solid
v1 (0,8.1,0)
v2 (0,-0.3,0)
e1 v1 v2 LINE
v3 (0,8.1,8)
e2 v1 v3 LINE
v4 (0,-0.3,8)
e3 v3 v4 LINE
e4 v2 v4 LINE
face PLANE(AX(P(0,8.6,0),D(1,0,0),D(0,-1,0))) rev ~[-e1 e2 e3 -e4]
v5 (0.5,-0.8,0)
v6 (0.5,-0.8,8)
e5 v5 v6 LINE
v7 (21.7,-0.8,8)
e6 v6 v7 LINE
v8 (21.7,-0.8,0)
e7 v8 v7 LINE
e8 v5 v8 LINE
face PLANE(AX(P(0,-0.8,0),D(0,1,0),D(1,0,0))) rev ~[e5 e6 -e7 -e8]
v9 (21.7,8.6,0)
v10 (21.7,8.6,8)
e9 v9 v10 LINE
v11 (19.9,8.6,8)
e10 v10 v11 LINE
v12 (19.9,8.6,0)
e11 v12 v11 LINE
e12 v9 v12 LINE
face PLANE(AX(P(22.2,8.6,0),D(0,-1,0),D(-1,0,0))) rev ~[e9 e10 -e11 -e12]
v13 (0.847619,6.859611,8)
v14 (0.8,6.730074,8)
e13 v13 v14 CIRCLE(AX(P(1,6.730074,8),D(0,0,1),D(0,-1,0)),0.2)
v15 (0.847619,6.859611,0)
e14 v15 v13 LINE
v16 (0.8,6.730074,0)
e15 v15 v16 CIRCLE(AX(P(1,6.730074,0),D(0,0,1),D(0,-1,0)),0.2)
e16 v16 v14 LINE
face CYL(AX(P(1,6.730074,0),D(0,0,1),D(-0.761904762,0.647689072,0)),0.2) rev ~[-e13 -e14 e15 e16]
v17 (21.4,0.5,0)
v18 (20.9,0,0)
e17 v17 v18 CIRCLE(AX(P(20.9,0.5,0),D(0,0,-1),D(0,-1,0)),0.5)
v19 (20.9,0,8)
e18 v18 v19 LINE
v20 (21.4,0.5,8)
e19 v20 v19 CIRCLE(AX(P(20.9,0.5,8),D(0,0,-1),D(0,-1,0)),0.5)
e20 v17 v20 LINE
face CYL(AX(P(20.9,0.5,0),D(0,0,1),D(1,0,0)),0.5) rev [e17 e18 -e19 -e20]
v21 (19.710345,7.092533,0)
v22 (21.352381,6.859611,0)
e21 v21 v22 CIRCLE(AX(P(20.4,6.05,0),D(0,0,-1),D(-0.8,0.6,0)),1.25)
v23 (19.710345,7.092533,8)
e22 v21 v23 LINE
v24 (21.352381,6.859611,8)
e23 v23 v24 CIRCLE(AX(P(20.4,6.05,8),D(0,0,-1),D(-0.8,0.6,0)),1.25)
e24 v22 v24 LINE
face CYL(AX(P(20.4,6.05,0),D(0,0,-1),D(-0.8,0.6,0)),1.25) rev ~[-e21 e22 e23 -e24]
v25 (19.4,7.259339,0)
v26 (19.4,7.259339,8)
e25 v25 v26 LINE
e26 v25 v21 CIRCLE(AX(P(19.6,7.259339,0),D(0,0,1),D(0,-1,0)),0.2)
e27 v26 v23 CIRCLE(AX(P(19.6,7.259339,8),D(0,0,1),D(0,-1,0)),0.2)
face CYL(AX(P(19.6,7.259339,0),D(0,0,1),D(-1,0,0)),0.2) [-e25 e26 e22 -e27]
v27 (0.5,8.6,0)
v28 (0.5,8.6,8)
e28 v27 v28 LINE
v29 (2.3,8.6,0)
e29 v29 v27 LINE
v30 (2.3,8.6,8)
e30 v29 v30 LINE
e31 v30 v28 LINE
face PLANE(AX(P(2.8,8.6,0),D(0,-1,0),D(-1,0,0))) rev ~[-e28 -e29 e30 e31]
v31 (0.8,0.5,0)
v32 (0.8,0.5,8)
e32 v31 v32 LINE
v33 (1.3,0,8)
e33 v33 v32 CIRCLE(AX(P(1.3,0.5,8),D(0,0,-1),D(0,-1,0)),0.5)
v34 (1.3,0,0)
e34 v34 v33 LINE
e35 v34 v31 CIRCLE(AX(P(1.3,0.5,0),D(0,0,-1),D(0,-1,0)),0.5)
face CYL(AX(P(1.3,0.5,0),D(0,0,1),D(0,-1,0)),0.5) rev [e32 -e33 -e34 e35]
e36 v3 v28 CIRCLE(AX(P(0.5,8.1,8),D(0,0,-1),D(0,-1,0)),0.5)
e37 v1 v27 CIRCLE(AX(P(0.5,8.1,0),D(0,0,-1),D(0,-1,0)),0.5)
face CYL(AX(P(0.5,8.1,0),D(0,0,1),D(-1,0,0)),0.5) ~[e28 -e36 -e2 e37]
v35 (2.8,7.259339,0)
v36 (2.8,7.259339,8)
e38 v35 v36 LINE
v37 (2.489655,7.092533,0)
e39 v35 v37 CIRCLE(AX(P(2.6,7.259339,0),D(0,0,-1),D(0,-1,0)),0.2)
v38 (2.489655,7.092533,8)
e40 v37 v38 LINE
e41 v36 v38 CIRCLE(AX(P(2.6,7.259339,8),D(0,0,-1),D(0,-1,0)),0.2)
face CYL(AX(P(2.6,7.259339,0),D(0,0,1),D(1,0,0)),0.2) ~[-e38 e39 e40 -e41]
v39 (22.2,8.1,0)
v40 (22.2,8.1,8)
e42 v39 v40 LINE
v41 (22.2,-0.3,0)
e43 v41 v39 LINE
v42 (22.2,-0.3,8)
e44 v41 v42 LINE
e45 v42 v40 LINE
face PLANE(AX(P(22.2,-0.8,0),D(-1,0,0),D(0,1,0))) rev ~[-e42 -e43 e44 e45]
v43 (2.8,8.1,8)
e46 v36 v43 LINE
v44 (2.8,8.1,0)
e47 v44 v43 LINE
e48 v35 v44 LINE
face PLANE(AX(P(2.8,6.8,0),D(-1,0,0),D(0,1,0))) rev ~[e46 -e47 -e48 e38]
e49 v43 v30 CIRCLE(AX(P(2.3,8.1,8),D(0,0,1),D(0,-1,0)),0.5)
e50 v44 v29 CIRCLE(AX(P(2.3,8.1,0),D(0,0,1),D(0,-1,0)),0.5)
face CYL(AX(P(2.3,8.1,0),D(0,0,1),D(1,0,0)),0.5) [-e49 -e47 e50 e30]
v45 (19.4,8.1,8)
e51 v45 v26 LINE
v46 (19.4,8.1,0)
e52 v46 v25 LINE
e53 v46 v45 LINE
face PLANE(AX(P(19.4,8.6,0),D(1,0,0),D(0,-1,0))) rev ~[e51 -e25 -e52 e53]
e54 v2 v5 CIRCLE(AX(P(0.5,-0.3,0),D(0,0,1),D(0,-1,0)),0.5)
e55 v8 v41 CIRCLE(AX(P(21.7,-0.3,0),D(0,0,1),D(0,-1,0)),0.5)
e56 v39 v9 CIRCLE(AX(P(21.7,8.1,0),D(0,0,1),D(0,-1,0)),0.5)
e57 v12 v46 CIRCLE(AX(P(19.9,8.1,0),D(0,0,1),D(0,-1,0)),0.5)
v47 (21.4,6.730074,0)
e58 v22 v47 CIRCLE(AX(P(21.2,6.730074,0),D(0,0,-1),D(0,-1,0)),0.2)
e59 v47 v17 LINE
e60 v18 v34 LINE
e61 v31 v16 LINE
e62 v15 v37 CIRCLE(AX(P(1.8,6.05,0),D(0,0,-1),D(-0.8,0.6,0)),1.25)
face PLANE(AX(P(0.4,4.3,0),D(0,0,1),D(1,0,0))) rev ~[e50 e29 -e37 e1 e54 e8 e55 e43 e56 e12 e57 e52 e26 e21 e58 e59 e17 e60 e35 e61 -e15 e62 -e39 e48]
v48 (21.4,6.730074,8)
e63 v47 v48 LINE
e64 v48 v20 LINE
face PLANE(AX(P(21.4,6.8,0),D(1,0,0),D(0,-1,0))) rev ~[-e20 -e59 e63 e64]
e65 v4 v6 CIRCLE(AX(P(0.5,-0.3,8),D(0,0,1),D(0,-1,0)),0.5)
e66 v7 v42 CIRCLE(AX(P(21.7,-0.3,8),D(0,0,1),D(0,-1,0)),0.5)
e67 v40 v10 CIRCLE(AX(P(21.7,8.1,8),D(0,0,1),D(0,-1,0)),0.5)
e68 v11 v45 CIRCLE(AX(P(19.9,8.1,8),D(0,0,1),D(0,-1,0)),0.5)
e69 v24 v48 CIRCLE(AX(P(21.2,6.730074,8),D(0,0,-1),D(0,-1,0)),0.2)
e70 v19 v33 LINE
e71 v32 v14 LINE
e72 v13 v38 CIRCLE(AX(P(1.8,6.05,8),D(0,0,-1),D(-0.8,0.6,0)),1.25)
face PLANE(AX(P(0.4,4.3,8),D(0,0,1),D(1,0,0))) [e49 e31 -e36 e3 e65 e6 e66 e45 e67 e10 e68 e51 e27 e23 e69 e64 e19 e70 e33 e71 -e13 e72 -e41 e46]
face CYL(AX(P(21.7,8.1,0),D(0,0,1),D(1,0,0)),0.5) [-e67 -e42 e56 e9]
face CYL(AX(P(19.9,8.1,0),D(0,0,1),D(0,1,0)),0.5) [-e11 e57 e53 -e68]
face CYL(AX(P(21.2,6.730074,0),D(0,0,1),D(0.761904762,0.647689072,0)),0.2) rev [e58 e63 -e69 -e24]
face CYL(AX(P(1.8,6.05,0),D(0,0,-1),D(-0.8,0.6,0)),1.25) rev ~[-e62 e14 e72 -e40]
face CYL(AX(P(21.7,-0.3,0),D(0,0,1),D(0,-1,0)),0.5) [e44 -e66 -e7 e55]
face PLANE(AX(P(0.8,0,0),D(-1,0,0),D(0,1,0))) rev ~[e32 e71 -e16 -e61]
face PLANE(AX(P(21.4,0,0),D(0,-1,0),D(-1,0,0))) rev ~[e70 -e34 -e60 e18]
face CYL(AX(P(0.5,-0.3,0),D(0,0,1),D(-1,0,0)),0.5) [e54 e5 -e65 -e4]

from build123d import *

# Parameters (mm, degrees)
F1_DEPTH = 8
F2_R     = 0.5
F3_R     = 0.2


with BuildPart() as f1:
    # F0 (on Top) → F1 (new body)
    with BuildSketch(Plane.XY):
        Polygon((0, 8.6), (0, 0), (0.8, 0), (0.8, 6.8), (0.8, 8.6), align=None)
        Polygon((0.8, 0), (0, 0), (0, -0.8), (22.2, -0.8), (22.2, 0), (21.4, 0), align=None)
        Polygon((21.4, 6.8), (21.4, 0), (22.2, 0), (22.2, 8.6), (21.4, 8.6), align=None)
        with BuildLine():
            ThreePointArc((19.4, 6.8), (20.4, 7.3), (21.4, 6.8))
            Line((21.4, 6.8), (21.4, 8.6))
            Line((21.4, 8.6), (19.4, 8.6))
            Line((19.4, 8.6), (19.4, 6.8))
        make_face()
        with BuildLine():
            Line((0.8, 8.6), (0.8, 6.8))
            ThreePointArc((0.8, 6.8), (1.8, 7.3), (2.8, 6.8))
            Line((2.8, 6.8), (2.8, 8.6))
            Line((2.8, 8.6), (0.8, 8.6))
        make_face()
    extrude(amount=F1_DEPTH)

    # F2
    f2_edges = [f1.edges().sort_by_distance(p)[0] for p in [
        (22.2, -0.8, 4),
        (0, -0.8, 4),
        (22.2, 8.6, 4),
        (19.4, 8.6, 4),
        (0, 8.6, 4),
        (2.8, 8.6, 4),
        (0.8, 0, 4),
        (21.4, 0, 4),
    ]]
    fillet(f2_edges, radius=F2_R)

    # F3
    f3_edges = [f1.edges().sort_by_distance(p)[0] for p in [
        (2.8, 6.8, 4),
        (0.8, 6.8, 4),
        (19.4, 6.8, 4),
        (21.4, 6.8, 4),
    ]]
    fillet(f3_edges, radius=F3_R)


solid = f1.part
